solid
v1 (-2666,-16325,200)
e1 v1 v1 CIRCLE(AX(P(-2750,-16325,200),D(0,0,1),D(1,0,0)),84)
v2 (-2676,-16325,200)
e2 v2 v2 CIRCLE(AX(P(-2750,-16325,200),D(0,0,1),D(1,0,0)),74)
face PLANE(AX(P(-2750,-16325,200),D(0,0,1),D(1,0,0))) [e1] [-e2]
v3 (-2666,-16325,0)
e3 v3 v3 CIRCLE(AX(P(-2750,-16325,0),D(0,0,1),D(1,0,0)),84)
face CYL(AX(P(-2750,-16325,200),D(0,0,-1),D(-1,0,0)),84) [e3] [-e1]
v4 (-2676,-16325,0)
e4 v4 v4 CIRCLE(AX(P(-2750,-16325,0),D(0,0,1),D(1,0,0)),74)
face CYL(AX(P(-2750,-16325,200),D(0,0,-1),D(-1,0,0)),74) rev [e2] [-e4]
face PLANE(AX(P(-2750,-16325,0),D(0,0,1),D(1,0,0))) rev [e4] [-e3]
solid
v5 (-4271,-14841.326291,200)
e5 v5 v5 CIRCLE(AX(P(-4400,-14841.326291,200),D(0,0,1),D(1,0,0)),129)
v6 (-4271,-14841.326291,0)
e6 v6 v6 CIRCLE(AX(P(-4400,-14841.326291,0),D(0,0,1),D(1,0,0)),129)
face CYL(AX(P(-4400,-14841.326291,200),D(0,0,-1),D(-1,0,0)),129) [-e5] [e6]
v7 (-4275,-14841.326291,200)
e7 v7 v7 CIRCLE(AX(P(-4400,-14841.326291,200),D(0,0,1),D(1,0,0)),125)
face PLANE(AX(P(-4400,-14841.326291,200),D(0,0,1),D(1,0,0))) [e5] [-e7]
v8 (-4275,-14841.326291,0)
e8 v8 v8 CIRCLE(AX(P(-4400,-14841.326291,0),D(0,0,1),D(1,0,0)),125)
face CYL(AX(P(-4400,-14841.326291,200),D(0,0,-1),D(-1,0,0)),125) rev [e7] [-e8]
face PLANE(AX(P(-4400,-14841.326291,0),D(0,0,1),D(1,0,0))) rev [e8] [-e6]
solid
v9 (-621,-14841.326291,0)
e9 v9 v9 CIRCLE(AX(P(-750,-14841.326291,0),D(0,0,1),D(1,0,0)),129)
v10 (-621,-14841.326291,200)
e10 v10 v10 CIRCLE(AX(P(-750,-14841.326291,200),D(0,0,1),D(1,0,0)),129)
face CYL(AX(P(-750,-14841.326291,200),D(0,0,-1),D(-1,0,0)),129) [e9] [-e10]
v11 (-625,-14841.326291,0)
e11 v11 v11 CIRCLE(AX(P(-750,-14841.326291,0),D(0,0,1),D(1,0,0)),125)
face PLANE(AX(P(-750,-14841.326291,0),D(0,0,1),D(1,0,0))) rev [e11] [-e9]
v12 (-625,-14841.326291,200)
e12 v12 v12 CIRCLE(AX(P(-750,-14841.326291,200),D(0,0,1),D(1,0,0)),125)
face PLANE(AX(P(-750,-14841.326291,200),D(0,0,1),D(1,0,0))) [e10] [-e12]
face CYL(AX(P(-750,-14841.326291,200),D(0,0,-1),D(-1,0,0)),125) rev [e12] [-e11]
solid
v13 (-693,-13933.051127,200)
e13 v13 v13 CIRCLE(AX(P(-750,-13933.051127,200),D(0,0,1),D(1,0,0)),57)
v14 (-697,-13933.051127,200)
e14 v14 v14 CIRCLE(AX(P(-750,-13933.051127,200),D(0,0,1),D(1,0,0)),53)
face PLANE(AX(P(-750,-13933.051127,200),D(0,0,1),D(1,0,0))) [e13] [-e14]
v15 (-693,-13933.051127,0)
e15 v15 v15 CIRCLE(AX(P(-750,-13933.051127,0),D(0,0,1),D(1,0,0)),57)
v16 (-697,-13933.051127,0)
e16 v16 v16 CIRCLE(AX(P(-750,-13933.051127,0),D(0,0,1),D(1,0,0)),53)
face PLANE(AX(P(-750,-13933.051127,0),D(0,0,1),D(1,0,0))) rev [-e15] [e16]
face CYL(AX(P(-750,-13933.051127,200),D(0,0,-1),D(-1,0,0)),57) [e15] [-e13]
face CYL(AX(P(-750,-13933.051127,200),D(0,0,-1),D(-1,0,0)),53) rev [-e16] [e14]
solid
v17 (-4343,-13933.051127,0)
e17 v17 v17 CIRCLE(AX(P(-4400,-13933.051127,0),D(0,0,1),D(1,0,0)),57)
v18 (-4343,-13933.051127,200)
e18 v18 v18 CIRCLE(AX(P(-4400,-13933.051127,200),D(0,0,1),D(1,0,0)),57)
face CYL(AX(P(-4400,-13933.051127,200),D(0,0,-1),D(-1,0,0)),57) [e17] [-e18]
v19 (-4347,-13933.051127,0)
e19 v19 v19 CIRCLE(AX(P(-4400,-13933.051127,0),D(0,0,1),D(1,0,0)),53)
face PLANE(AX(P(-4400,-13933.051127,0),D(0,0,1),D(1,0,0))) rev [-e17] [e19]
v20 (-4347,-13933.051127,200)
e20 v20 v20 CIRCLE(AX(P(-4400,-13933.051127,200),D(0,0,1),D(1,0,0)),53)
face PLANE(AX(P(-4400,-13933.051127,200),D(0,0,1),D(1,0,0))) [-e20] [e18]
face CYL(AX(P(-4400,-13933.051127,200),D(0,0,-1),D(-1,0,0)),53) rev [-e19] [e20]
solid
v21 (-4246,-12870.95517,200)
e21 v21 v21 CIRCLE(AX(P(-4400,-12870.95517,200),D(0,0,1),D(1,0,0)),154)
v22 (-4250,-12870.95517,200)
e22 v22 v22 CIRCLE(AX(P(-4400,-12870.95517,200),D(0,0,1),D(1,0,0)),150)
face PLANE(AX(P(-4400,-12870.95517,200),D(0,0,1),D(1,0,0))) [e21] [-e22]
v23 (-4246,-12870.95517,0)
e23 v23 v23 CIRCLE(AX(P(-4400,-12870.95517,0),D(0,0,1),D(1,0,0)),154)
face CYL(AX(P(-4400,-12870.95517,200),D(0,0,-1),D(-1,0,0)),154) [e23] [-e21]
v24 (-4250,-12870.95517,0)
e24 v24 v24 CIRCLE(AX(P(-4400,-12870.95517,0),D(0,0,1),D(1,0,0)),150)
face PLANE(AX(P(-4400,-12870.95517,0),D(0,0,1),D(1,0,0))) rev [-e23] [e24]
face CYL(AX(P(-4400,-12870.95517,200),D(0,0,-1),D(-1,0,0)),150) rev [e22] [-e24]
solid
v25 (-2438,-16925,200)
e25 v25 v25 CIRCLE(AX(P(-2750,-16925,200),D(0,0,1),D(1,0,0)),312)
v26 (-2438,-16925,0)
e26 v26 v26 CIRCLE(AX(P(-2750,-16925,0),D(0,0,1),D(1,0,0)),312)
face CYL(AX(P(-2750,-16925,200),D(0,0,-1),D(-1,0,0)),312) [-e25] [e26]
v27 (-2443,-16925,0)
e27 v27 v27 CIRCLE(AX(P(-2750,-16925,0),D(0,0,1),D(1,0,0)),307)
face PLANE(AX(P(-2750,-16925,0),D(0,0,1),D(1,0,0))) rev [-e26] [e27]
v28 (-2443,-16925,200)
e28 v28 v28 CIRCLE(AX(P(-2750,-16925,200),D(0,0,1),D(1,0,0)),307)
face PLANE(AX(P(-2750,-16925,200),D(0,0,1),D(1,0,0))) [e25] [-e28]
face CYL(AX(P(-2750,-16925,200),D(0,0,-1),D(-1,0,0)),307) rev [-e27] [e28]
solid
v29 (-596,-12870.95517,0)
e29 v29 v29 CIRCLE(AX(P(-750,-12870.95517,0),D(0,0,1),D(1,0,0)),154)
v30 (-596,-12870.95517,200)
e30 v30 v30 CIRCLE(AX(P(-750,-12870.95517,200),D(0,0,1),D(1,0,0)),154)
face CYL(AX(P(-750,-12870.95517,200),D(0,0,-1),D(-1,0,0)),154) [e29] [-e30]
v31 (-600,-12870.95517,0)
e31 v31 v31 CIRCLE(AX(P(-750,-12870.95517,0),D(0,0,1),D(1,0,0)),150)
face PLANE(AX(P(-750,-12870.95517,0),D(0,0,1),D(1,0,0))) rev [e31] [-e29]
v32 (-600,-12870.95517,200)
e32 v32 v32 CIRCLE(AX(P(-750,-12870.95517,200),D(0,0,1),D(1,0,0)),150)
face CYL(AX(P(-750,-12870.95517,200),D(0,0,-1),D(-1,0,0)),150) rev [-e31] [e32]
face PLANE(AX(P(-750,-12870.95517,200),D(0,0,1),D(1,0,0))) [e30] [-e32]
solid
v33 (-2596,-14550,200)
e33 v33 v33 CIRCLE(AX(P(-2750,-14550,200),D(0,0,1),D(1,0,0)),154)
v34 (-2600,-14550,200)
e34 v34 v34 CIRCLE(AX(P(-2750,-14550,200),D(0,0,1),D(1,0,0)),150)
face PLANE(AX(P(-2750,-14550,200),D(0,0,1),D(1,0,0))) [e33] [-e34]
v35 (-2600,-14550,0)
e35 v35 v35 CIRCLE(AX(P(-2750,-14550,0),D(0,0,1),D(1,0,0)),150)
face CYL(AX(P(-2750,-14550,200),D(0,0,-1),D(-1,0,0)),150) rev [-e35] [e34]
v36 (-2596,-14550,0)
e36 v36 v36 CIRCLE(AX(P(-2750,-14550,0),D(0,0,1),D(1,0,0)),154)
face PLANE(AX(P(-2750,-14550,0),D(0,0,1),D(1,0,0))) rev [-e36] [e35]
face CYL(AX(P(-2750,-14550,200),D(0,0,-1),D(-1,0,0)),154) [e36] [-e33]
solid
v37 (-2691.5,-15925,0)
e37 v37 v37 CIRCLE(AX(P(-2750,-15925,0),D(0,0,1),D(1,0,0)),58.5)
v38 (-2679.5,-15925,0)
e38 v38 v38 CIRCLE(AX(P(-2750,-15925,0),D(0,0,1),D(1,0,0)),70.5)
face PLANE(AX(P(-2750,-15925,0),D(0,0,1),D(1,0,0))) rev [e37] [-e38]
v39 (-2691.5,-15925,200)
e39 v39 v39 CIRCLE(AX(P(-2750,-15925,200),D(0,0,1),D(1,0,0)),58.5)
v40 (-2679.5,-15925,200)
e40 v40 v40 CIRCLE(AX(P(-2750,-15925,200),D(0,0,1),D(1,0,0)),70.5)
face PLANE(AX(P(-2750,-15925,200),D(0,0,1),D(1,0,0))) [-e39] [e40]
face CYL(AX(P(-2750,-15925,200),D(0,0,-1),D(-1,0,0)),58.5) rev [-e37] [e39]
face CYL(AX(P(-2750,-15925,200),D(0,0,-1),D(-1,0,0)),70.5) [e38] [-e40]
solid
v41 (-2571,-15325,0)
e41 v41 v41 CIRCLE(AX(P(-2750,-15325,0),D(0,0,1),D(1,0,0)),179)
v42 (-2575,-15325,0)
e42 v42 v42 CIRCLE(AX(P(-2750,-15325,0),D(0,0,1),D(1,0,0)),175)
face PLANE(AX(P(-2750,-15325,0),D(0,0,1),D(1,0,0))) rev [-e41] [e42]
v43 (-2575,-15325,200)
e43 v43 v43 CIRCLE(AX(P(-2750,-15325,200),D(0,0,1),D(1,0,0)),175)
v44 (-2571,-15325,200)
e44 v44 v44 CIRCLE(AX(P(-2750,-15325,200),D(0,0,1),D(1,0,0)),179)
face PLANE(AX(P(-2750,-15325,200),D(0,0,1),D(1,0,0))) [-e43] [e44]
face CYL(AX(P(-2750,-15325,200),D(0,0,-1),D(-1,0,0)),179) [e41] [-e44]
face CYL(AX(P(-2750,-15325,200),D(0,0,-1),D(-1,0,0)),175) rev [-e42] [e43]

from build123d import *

# Parameters (mm, degrees)
SKETCH1_R         = 312
SKETCH1_R_2       = 307
EXTRUDE1_DEPTH    = 200
SKETCH1_R_3       = 84
SKETCH1_R_4       = 74
EXTRUDE1_2_DEPTH  = 200
SKETCH1_R_5       = 70.5
SKETCH1_R_6       = 58.5
EXTRUDE1_3_DEPTH  = 200
SKETCH1_R_7       = 179
SKETCH1_R_8       = 175
EXTRUDE1_4_DEPTH  = 200
SKETCH1_R_9       = 154
SKETCH1_R_10      = 150
EXTRUDE1_5_DEPTH  = 200
EXTRUDE1_6_DEPTH  = 200
SKETCH1_R_11      = 57
SKETCH1_R_12      = 53
EXTRUDE1_7_DEPTH  = 200
SKETCH1_R_13      = 129
SKETCH1_R_14      = 125
EXTRUDE1_8_DEPTH  = 200
EXTRUDE1_9_DEPTH  = 200
EXTRUDE1_10_DEPTH = 200
EXTRUDE1_11_DEPTH = 200


with BuildPart() as part:
    # Sketch1 → Extrude1 (new body)
    with BuildSketch(Plane.XY):
        with Locations((-2750, -16925)):
            Circle(SKETCH1_R)
        with Locations((-2750, -16925)):
            Circle(SKETCH1_R_2, mode=Mode.SUBTRACT)
    extrude(amount=EXTRUDE1_DEPTH)


with BuildPart() as body_2:
    # Sketch1 → Extrude1 2 (new body)
    with BuildSketch(Plane.XY):
        with Locations((-2750, -16325)):
            Circle(SKETCH1_R_3)
        with Locations((-2750, -16325)):
            Circle(SKETCH1_R_4, mode=Mode.SUBTRACT)
    extrude(amount=EXTRUDE1_2_DEPTH)


with BuildPart() as body_3:
    # Sketch1 → Extrude1 3 (new body)
    with BuildSketch(Plane.XY):
        with Locations((-2750, -15925)):
            Circle(SKETCH1_R_5)
        with Locations((-2750, -15925)):
            Circle(SKETCH1_R_6, mode=Mode.SUBTRACT)
    extrude(amount=EXTRUDE1_3_DEPTH)


with BuildPart() as body_4:
    # Sketch1 → Extrude1 4 (new body)
    with BuildSketch(Plane.XY):
        with Locations((-2750, -15325)):
            Circle(SKETCH1_R_7)
        with Locations((-2750, -15325)):
            Circle(SKETCH1_R_8, mode=Mode.SUBTRACT)
    extrude(amount=EXTRUDE1_4_DEPTH)


with BuildPart() as body_5:
    # Sketch1 → Extrude1 5 (new body)
    with BuildSketch(Plane.XY):
        with Locations((-2750, -14550)):
            Circle(SKETCH1_R_9)
        with Locations((-2750, -14550)):
            Circle(SKETCH1_R_10, mode=Mode.SUBTRACT)
    extrude(amount=EXTRUDE1_5_DEPTH)


with BuildPart() as body_6:
    # Sketch1 → Extrude1 6 (new body)
    with BuildSketch(Plane.XY):
        with Locations((-750, -12870.955169581)):
            Circle(SKETCH1_R_9)
        with Locations((-750, -12870.955169581)):
            Circle(SKETCH1_R_10, mode=Mode.SUBTRACT)
    extrude(amount=EXTRUDE1_6_DEPTH)


with BuildPart() as body_7:
    # Sketch1 → Extrude1 7 (new body)
    with BuildSketch(Plane.XY):
        with Locations((-750, -13933.051127446)):
            Circle(SKETCH1_R_11)
        with Locations((-750, -13933.051127446)):
            Circle(SKETCH1_R_12, mode=Mode.SUBTRACT)
    extrude(amount=EXTRUDE1_7_DEPTH)


with BuildPart() as body_8:
    # Sketch1 → Extrude1 8 (new body)
    with BuildSketch(Plane.XY):
        with Locations((-750, -14841.326291413)):
            Circle(SKETCH1_R_13)
        with Locations((-750, -14841.326291413)):
            Circle(SKETCH1_R_14, mode=Mode.SUBTRACT)
    extrude(amount=EXTRUDE1_8_DEPTH)


with BuildPart() as body_9:
    # Sketch1 → Extrude1 9 (new body)
    with BuildSketch(Plane.XY):
        with Locations((-4400, -14841.326291413)):
            Circle(SKETCH1_R_13)
        with Locations((-4400, -14841.326291413)):
            Circle(SKETCH1_R_14, mode=Mode.SUBTRACT)
    extrude(amount=EXTRUDE1_9_DEPTH)


with BuildPart() as body_10:
    # Sketch1 → Extrude1 10 (new body)
    with BuildSketch(Plane.XY):
        with Locations((-4400, -13933.051127446)):
            Circle(SKETCH1_R_11)
        with Locations((-4400, -13933.051127446)):
            Circle(SKETCH1_R_12, mode=Mode.SUBTRACT)
    extrude(amount=EXTRUDE1_10_DEPTH)


with BuildPart() as body_11:
    # Sketch1 → Extrude1 11 (new body)
    with BuildSketch(Plane.XY):
        with Locations((-4400, -12870.955169581)):
            Circle(SKETCH1_R_9)
        with Locations((-4400, -12870.955169581)):
            Circle(SKETCH1_R_10, mode=Mode.SUBTRACT)
    extrude(amount=EXTRUDE1_11_DEPTH)


solid = Compound([part.part, body_2.part, body_3.part, body_4.part, body_5.part, body_6.part, body_7.part, body_8.part, body_9.part, body_10.part, body_11.part])
